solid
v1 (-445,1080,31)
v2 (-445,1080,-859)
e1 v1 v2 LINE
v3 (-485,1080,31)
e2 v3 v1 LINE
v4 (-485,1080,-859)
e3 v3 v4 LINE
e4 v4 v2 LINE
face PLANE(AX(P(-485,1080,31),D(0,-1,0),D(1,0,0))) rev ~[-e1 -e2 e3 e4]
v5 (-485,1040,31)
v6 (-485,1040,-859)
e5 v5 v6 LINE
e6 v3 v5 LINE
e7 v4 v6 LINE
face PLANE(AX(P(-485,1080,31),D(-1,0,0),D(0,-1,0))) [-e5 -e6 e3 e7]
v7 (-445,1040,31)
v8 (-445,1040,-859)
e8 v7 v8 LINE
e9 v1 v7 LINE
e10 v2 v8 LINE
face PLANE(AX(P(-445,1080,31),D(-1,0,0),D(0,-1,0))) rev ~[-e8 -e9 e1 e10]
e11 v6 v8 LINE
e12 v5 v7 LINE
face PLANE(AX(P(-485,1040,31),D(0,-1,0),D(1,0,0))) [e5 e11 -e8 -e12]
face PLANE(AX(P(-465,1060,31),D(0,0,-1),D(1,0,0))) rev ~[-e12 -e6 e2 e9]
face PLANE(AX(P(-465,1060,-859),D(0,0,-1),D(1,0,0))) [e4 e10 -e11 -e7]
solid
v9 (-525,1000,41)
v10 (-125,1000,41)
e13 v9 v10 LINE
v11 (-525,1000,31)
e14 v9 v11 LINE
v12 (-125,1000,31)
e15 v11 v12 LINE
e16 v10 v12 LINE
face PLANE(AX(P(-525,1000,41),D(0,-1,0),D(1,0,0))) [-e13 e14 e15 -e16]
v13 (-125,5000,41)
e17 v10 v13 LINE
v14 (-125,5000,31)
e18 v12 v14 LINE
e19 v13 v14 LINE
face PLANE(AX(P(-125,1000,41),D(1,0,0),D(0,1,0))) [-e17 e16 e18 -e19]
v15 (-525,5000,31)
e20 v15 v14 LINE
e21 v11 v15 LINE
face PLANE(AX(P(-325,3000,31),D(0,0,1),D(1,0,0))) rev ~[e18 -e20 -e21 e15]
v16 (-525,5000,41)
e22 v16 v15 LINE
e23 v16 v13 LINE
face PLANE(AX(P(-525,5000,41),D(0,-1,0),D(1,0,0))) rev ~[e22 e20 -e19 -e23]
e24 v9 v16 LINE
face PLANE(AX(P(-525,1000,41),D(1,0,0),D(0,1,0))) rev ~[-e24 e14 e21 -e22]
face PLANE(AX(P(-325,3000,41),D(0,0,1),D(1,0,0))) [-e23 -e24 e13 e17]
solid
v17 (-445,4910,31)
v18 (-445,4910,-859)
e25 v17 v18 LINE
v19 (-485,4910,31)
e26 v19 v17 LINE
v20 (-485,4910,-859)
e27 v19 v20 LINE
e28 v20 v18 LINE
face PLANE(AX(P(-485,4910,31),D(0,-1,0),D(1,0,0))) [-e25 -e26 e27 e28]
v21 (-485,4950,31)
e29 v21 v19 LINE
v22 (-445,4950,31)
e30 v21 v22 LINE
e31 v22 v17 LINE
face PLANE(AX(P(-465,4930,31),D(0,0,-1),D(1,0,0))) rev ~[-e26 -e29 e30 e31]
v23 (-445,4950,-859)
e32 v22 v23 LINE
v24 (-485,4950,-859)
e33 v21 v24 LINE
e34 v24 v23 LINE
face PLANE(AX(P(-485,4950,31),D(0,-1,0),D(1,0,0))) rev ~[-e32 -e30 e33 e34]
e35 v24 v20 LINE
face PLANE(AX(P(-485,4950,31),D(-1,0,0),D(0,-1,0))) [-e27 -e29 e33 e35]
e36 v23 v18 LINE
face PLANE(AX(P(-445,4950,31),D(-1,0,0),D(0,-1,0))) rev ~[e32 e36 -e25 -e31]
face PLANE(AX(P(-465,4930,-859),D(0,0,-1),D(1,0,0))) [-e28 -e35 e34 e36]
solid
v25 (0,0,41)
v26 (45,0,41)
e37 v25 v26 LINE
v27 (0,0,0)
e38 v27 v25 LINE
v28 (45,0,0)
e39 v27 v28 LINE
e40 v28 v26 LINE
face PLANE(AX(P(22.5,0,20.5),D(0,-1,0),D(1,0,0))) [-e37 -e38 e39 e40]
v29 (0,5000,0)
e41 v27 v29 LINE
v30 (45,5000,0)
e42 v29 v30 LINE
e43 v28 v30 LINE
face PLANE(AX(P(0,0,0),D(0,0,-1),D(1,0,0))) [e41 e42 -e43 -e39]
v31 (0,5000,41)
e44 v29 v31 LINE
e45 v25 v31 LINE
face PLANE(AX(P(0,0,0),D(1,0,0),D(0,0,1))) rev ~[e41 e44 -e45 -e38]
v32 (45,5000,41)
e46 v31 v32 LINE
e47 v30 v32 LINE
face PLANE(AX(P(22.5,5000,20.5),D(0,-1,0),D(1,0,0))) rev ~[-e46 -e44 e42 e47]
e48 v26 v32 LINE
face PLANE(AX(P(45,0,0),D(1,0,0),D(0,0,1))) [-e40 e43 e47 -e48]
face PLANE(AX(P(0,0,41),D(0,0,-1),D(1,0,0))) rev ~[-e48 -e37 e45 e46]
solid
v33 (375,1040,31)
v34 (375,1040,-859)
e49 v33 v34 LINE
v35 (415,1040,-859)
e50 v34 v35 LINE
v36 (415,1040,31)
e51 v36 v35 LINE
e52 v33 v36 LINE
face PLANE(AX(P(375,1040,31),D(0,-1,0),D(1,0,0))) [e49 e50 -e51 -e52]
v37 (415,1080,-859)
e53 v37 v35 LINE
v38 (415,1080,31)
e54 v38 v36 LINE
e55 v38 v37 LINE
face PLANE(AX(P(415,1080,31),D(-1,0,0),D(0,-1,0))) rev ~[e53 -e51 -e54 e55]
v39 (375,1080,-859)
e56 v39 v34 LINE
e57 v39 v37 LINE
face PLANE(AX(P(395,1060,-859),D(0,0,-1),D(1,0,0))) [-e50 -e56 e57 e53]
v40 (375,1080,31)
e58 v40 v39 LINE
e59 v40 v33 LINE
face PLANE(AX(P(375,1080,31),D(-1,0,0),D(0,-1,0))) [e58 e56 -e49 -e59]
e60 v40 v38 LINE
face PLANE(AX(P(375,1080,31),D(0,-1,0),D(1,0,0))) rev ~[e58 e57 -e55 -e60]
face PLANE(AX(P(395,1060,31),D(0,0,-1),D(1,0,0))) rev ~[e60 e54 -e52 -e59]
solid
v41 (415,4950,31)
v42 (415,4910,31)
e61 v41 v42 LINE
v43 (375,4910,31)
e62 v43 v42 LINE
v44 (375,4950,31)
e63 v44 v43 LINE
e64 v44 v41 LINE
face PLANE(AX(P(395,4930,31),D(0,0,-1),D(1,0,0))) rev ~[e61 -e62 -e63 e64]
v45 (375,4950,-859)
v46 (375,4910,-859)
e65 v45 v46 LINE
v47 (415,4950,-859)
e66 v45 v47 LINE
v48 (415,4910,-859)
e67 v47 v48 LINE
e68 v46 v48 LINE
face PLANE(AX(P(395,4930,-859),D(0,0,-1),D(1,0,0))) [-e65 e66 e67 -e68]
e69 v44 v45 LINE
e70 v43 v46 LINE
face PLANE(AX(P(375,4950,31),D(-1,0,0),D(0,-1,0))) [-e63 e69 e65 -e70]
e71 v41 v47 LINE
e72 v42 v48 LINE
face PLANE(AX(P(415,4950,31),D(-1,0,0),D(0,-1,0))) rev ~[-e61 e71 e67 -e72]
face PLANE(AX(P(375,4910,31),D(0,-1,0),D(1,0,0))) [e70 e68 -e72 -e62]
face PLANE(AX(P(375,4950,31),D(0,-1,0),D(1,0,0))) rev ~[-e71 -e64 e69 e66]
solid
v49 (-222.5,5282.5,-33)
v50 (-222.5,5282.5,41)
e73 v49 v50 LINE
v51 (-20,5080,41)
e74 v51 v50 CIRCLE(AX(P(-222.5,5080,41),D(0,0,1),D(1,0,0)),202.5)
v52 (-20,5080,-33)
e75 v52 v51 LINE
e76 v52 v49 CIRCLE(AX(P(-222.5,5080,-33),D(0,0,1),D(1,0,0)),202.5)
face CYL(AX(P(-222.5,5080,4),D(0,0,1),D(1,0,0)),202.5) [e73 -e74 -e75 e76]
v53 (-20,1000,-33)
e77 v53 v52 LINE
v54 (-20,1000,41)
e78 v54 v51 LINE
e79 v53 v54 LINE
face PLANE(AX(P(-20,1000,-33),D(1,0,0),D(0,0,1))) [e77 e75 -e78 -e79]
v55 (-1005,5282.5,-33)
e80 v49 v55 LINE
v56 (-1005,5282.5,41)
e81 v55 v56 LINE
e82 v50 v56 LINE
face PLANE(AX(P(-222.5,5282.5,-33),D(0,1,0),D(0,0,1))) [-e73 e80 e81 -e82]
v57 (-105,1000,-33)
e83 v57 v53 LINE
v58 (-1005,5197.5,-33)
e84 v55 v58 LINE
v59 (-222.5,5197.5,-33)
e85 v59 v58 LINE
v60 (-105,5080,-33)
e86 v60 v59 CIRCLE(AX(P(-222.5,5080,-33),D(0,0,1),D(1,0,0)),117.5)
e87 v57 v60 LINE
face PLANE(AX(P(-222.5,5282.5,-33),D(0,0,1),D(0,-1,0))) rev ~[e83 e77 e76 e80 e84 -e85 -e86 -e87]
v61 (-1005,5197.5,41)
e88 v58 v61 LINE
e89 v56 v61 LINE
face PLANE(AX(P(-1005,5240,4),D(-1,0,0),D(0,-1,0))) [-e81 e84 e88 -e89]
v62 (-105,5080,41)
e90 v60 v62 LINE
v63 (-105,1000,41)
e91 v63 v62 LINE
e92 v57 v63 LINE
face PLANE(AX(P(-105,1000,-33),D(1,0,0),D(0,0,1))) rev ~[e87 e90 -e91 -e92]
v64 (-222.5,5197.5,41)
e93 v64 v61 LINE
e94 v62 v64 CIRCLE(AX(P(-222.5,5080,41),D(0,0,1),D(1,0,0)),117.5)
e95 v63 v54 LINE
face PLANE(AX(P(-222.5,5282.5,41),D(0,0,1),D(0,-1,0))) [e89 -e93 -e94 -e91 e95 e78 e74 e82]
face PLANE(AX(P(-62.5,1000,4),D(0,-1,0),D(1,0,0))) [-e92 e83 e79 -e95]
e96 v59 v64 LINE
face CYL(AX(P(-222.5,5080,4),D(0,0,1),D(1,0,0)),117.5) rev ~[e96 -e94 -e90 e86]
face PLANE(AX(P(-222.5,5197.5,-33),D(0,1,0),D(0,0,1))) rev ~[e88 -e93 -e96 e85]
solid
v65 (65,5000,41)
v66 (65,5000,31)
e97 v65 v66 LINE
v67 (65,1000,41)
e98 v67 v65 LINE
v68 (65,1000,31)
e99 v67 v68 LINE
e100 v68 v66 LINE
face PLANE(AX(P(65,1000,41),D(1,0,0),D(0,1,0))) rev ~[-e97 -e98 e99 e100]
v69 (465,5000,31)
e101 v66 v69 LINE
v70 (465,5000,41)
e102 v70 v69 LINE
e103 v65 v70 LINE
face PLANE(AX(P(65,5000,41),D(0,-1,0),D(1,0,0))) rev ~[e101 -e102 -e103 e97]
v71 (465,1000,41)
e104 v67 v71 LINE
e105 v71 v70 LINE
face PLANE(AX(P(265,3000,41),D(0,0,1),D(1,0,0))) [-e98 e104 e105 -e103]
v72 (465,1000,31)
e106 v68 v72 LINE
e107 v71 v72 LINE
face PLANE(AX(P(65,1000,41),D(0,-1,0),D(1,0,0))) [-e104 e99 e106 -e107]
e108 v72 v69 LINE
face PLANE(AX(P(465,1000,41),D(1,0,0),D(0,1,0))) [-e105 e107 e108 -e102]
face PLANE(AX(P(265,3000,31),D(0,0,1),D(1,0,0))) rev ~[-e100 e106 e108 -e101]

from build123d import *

# Parameters (mm, degrees)
F0_W      = 45
F0_H      = 41
F1_DEPTH  = 5000
F3_W      = 85
F3_H      = 74
F4_DEPTH  = 4080
F5_W      = 85
F5_H      = 74
F6_ANGLE  = -90
F7_W      = 85
F7_H      = 74
F8_DEPTH  = 782.5
F9_W      = 400
F9_H      = 4000
F10_DEPTH = 10
F11_W     = 40
F11_H     = 40
F12_DEPTH = 890


with BuildPart() as f1:
    # F0 (on Front) → F1 (new body)
    with BuildSketch(Plane.XZ):
        with Locations((22.5, 20.5)):
            Rectangle(F0_W, F0_H)
    extrude(amount=-F1_DEPTH)


with BuildPart() as f4:
    # F3 (on offset) → F4 (new body)
    with BuildSketch(Plane.XZ.offset(-1000)):
        with Locations((-62.5, 4)):
            Rectangle(F3_W, F3_H)
    extrude(amount=-F4_DEPTH)

    # F5 (on face) → F6 (revolve)
    with BuildSketch(Plane(origin=(0, 5080, 0), x_dir=(-1, 0, 0), z_dir=(0, 1, 0))):
        with Locations((62.5, 4)):
            Rectangle(F5_W, F5_H)
    revolve(axis=Axis((-222.5, 5080, 11.201847), (0, 0, -1)), revolution_arc=F6_ANGLE)

    # F7 (on face) → F8 (join)
    with BuildSketch(Plane(origin=(-222.5, 0, 0), x_dir=(0, -1, 0), z_dir=(-1, 0, 0))):
        with Locations((-5240, 4)):
            Rectangle(F7_W, F7_H)
    extrude(amount=F8_DEPTH)


with BuildPart() as f10:
    # F9 (on face) → F10 (new body)
    with BuildSketch(Plane.XY.offset(41)):
        with Locations((-325, 3000)):
            Rectangle(F9_W, F9_H)
        with Locations((265, 3000)):
            Rectangle(F9_W, F9_H)
    extrude(amount=-F10_DEPTH)


with BuildPart() as f12:
    # F11 (on face) → F12 (new body)
    with BuildSketch(Plane(origin=(0, 0, 31), x_dir=(1, 0, 0), z_dir=(0, 0, -1))):
        with Locations((-465, -4930)):
            Rectangle(F11_W, F11_H)
        with Locations((395, -4930)):
            Rectangle(F11_W, F11_H)
        with Locations((395, -1060)):
            Rectangle(F11_W, F11_H)
        with Locations((-465, -1060)):
            Rectangle(F11_W, F11_H)
    extrude(amount=F12_DEPTH)


solid = Compound([f1.part, f4.part, f10.part, f12.part])
